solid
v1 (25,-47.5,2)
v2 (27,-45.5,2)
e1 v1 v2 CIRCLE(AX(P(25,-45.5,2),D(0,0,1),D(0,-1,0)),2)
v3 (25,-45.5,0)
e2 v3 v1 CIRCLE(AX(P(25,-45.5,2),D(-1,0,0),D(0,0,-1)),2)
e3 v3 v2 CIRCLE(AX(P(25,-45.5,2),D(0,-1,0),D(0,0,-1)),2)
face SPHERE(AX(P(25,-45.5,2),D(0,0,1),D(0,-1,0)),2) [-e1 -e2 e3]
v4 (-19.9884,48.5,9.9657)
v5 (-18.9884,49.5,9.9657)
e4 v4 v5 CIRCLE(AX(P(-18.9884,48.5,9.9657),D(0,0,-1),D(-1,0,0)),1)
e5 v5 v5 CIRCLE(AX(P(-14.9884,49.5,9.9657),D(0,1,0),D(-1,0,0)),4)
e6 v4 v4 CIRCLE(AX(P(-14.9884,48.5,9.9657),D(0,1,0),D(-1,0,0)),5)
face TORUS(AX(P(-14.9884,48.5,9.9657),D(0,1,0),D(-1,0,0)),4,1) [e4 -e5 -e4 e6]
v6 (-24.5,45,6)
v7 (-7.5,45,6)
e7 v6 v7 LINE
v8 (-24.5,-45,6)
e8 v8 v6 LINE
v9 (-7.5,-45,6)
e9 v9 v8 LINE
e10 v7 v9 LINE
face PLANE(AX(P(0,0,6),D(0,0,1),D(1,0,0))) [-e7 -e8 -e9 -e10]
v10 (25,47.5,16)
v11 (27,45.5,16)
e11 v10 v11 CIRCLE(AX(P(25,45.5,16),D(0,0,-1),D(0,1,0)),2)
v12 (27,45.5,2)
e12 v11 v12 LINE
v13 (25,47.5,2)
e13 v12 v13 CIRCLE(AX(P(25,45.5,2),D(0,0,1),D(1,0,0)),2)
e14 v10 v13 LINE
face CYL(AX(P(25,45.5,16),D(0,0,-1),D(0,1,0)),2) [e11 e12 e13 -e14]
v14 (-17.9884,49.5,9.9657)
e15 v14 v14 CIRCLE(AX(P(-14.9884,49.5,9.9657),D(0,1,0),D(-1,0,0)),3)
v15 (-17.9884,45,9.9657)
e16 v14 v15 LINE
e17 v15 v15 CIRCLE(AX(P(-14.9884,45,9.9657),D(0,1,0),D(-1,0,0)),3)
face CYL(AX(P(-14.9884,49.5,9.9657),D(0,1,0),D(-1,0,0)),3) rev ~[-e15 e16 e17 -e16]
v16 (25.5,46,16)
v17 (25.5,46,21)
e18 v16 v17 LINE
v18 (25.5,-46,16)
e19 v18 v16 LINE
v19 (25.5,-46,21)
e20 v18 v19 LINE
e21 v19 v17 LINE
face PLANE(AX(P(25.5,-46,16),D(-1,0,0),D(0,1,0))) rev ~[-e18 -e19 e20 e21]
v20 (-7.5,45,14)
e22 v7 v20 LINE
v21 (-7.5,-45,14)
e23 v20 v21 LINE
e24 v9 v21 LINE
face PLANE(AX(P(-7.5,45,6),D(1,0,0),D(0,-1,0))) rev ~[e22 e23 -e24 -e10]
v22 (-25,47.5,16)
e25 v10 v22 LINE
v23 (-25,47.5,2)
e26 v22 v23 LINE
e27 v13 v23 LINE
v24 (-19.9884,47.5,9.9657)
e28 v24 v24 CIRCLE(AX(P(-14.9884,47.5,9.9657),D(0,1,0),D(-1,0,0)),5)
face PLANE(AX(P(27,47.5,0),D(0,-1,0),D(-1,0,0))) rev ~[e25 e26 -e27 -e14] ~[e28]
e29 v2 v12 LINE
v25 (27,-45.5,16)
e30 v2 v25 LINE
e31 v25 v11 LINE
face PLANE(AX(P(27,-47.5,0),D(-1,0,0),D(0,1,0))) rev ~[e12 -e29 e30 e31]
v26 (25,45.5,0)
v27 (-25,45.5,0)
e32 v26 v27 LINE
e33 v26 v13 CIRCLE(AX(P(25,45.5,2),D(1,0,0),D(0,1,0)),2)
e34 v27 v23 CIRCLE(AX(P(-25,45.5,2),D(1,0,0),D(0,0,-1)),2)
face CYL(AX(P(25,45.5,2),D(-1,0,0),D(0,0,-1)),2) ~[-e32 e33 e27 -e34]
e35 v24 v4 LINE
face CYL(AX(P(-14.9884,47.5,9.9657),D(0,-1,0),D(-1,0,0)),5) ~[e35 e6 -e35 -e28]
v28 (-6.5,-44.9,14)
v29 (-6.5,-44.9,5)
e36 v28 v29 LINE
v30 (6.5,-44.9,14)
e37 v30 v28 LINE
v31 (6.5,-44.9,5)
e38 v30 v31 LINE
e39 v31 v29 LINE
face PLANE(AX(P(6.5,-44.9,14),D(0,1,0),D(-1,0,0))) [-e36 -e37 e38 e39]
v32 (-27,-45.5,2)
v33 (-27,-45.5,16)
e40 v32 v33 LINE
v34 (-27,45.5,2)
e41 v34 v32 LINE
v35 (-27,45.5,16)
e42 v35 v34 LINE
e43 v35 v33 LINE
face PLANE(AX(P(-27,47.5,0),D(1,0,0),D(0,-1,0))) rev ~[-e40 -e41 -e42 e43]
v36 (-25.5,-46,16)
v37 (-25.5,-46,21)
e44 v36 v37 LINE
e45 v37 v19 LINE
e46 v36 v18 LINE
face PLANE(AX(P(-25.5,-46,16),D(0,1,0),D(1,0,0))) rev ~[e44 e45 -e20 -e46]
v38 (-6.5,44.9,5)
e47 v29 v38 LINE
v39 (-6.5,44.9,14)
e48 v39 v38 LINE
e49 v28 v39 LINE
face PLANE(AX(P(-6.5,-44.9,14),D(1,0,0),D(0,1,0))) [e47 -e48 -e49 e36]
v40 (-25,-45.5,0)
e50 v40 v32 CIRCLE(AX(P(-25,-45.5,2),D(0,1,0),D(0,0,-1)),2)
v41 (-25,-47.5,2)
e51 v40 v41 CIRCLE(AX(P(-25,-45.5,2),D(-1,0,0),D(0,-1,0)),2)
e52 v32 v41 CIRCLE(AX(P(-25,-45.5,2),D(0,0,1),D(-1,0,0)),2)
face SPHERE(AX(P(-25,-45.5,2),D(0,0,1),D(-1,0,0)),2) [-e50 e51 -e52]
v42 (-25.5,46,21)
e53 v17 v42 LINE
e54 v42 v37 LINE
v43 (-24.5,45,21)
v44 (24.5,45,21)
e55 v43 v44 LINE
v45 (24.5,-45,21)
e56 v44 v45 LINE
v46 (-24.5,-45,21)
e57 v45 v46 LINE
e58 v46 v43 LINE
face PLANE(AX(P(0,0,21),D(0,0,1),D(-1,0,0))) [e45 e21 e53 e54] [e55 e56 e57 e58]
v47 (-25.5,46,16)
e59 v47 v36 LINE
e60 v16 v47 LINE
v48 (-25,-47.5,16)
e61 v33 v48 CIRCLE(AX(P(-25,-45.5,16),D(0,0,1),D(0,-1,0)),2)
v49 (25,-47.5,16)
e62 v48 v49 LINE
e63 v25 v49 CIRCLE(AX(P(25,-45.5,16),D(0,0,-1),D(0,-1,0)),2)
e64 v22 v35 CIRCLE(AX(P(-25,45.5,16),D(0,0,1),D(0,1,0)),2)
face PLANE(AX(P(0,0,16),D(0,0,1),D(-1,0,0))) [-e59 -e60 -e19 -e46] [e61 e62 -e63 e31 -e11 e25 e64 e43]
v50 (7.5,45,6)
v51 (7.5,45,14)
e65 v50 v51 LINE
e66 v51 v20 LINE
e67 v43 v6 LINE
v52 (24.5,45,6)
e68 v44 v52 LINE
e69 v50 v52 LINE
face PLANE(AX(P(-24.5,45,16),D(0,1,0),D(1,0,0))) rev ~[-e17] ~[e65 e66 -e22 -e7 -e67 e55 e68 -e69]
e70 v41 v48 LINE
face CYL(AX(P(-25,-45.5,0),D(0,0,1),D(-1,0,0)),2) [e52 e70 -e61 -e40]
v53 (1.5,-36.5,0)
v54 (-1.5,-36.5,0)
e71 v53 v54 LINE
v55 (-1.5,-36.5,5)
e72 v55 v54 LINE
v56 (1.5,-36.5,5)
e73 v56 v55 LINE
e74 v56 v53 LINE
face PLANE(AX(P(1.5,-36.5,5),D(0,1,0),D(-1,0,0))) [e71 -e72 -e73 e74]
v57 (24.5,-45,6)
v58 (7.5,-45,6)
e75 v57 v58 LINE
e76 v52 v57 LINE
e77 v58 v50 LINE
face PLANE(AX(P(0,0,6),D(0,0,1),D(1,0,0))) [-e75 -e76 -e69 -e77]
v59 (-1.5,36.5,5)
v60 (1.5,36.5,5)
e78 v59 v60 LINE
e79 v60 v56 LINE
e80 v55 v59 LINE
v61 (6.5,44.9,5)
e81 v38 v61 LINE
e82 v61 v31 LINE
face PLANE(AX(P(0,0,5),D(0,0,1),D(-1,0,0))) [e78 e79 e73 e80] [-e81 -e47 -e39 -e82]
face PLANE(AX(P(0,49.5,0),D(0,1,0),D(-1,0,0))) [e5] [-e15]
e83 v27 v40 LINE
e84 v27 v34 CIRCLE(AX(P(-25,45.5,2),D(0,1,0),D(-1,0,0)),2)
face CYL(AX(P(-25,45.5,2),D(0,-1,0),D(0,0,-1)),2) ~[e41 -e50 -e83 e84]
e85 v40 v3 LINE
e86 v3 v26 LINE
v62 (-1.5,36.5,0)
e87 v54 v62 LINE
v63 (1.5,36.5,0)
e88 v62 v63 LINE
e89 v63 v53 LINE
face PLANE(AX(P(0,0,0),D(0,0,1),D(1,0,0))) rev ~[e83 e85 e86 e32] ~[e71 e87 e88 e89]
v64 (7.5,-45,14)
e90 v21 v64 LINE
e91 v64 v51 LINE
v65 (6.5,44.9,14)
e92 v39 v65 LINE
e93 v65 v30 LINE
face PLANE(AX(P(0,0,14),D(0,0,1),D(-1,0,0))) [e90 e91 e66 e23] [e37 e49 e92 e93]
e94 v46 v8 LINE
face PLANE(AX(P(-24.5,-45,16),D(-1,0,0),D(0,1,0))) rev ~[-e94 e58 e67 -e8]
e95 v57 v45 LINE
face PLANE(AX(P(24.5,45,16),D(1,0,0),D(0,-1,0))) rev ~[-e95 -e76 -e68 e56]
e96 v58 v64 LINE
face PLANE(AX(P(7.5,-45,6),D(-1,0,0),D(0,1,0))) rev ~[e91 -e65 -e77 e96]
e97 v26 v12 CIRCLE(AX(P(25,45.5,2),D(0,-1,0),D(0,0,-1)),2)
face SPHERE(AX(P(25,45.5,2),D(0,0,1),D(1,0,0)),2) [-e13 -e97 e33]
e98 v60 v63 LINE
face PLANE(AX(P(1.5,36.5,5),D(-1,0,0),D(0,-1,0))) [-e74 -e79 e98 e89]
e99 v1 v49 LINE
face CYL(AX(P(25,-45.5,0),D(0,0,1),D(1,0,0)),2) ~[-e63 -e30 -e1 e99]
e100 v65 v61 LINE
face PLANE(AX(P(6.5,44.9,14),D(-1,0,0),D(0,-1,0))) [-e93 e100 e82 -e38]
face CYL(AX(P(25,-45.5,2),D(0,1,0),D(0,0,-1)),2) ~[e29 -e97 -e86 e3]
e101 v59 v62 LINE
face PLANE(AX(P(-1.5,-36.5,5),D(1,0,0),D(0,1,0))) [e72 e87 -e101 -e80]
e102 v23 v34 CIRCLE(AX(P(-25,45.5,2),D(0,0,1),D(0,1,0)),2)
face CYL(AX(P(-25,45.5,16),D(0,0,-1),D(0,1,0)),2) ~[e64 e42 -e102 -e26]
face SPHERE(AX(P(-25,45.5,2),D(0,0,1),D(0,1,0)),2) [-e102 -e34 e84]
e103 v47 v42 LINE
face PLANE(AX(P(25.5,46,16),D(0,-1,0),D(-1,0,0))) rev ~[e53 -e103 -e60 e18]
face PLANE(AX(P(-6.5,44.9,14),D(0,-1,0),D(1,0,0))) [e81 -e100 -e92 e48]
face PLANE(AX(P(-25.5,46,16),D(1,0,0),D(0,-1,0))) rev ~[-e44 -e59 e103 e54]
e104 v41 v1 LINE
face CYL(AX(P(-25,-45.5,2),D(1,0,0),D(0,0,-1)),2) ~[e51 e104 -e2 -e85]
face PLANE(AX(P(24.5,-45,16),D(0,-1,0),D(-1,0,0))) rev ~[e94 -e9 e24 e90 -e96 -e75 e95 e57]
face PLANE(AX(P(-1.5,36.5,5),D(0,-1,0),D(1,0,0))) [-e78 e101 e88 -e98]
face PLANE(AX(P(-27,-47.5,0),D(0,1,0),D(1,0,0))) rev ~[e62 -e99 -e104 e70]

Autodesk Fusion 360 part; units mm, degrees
sketch "Sketch1" plane through (0, 0, 0) normal (0, 0, 1) x (1, 0, 0)
  line L0 (-27, -47.5) -> (27, -47.5)
  line L1 (27, -47.5) -> (27, 47.5)
  line L2 (27, 47.5) -> (-27, 47.5)
  line L3 (-27, 47.5) -> (-27, -47.5)
  line L4 (-27, -47.5) -> (27, 47.5) construction
  line L5 (27, -47.5) -> (-27, 47.5) construction
  dimension "d1" = 95
  dimension "d2" = 54
extrude "Extrude1" add sketch "Sketch1" along normal blind 11
sketch "Sketch2" plane through (0, 0, 11) normal (0, 0, 1) x (-1, 0, 0)
  line L0 (27, -47.5) -> (27, 47.5)
  line L1 (27, 47.5) -> (-27, 47.5)
  line L2 (-27, 47.5) -> (-27, -47.5)
  line L3 (-27, -47.5) -> (27, -47.5)
  line L4 (24.5, -45) -> (-24.5, -45)
  line L5 (-24.5, -45) -> (-24.5, 45)
  line L6 (-24.5, 45) -> (24.5, 45)
  line L7 (24.5, 45) -> (24.5, -45)
  line L8 (24.5, -45) -> (-24.5, 45) construction
  line L9 (-24.5, -45) -> (24.5, 45) construction
  dimension "d5" = 2.5
  dimension "d6" = 2.5
  dimension "d7" = 2.5
  dimension "d8" = 90
extrude "Extrude2" add sketch "Sketch2" along normal blind 5
extrude "Extrude3" cut 1 faces at (-8.1667, -15, 11) along direction (0, 0, -1) blind 5
sketch "Sketch3" plane through (0, 0, 6) normal (0, 0, 1) x (-1, 0, 0)
  line L0 (-24.5, 45) -> (-24.5, -45)
  line L1 (-24.5, -45) -> (24.5, -45)
  line L2 (24.5, -45) -> (24.5, 45)
  line L3 (24.5, 45) -> (-24.5, 45)
  line L4 (7.5, 45) -> (-7.5, 45)
  line L5 (-7.5, 45) -> (-7.5, -45)
  line L6 (-7.5, -45) -> (7.5, -45)
  line L7 (7.5, -45) -> (7.5, 45)
  line L8 (7.5, 45) -> (-7.5, -45) construction
  line L9 (-7.5, 45) -> (7.5, -45) construction
  dimension "d13" = 90
  dimension "d14" = 15
extrude "Extrude4" add sketch "Sketch3" along normal blind 8 contours L1 L3 L4 L5 L6 L7
sketch "Sketch4" plane through (0, 0, 14) normal (0, 0, 1) x (-1, 0, 0)
  line L0 (7.5, -45) -> (7.5, 45)
  line L1 (7.5, 45) -> (-7.5, 45)
  line L2 (-7.5, 45) -> (-7.5, -45)
  line L3 (-7.5, -45) -> (7.5, -45)
  line L4 (-6.5, 44.9) -> (6.5, 44.9)
  line L5 (6.5, 44.9) -> (6.5, -44.9)
  line L6 (6.5, -44.9) -> (-6.5, -44.9)
  line L7 (-6.5, -44.9) -> (-6.5, 44.9)
  line L8 (-6.5, 44.9) -> (6.5, -44.9) construction
  line L9 (6.5, 44.9) -> (-6.5, -44.9) construction
  dimension "d41" = 0.1
  dimension "d42" = 13
extrude "Extrude5" cut sketch "Sketch4" against normal blind 9 contours L4 L5 L6 L7
sketch "Sketch5" plane through (0, 0, 5) normal (0, 0, 1) x (-1, 0, 0)
  line L0 (-6.5, -44.9) -> (6.5, -44.9)
  line L1 (6.5, -44.9) -> (6.5, 44.9)
  line L2 (6.5, 44.9) -> (-6.5, 44.9)
  line L3 (-6.5, 44.9) -> (-6.5, -44.9)
  line L4 (-1.5, 36.5) -> (1.5, 36.5)
  line L5 (1.5, 36.5) -> (1.5, -36.5)
  line L6 (1.5, -36.5) -> (-1.5, -36.5)
  line L7 (-1.5, -36.5) -> (-1.5, 36.5)
  line L8 (-1.5, 36.5) -> (1.5, -36.5) construction
  line L9 (1.5, 36.5) -> (-1.5, -36.5) construction
  dimension "d21" = 3
  dimension "d22" = 73
extrude "Extrude6" cut sketch "Sketch5" against normal blind 5 contours L4 L5 L6 L7
sketch "Sketch6" plane through (0, 0, 16) normal (0, 0, 1) x (-1, 0, 0)
  line L0 (-24.5, 45) -> (24.5, 45)
  line L1 (24.5, 45) -> (24.5, -45)
  line L2 (24.5, -45) -> (-24.5, -45)
  line L3 (-24.5, -45) -> (-24.5, 45)
  line L4 (-27, -47.5) -> (27, -47.5)
  line L5 (27, -47.5) -> (27, 47.5)
  line L6 (27, 47.5) -> (-27, 47.5)
  line L7 (-27, 47.5) -> (-27, -47.5)
  line L8 (-25.5, -46) -> (25.5, -46)
  line L9 (25.5, -46) -> (25.5, 46)
  line L10 (25.5, 46) -> (-25.5, 46)
  line L11 (-25.5, 46) -> (-25.5, -46)
  line L12 (-25.5, -46) -> (25.5, 46) construction
  line L13 (25.5, -46) -> (-25.5, 46) construction
  dimension "d25" = 1.5
  dimension "d26" = 1.5
extrude "Extrude7" add sketch "Sketch6" along normal blind 5 contours L8 L9 L10 L11
sketch "Sketch7" plane through (0, 47.5, 0) normal (0, 1, 0) x (-1, 0, 0)
  line L0 (-27, 0) -> (27, 0)
  line L1 (27, 0) -> (27, 16)
  line L2 (27, 16) -> (-27, 16)
  line L3 (-27, 16) -> (-27, 0)
  circle A0 centre (14.9884, 9.9657) radius 5
  dimension "d29" = 10
extrude "Extrude8" add sketch "Sketch7" along normal blind 2 contours A0
fillet "Fillet1" radius 1 1 edges at (-10.3267, 49.5, 8.1576)
sketch "Sketch8" plane through (0, 49.5, 0) normal (0, 1, 0) x (-1, 0, 0)
  circle A0 centre (14.9884, 9.9657) radius 4
sketch "Sketch9" plane through (0, 49.5, 0) normal (0, 1, 0) x (-1, 0, 0)
  circle A0 centre (14.9884, 9.9657) radius 3
  point P0 (14.9884, 9.9657)
  dimension "d34" = 6
extrude "Extrude9" cut sketch "Sketch9" against normal blind 5
fillet "Fillet2" radius 2 4 edges at (-27, 47.5, 8) (27, 47.5, 8) (-27, -47.5, 8) (27, -47.5, 8)
fillet "Fillet3" radius 2 8 edges at (27, 0, 0) (26.4142, 46.9142, 0) (0, 47.5, 0) (-26.4142, 46.9142, 0) (-27, 0, 0) (-26.4142, -46.9142, 0) (0, -47.5, 0) (26.4142, -46.9142, 0)
